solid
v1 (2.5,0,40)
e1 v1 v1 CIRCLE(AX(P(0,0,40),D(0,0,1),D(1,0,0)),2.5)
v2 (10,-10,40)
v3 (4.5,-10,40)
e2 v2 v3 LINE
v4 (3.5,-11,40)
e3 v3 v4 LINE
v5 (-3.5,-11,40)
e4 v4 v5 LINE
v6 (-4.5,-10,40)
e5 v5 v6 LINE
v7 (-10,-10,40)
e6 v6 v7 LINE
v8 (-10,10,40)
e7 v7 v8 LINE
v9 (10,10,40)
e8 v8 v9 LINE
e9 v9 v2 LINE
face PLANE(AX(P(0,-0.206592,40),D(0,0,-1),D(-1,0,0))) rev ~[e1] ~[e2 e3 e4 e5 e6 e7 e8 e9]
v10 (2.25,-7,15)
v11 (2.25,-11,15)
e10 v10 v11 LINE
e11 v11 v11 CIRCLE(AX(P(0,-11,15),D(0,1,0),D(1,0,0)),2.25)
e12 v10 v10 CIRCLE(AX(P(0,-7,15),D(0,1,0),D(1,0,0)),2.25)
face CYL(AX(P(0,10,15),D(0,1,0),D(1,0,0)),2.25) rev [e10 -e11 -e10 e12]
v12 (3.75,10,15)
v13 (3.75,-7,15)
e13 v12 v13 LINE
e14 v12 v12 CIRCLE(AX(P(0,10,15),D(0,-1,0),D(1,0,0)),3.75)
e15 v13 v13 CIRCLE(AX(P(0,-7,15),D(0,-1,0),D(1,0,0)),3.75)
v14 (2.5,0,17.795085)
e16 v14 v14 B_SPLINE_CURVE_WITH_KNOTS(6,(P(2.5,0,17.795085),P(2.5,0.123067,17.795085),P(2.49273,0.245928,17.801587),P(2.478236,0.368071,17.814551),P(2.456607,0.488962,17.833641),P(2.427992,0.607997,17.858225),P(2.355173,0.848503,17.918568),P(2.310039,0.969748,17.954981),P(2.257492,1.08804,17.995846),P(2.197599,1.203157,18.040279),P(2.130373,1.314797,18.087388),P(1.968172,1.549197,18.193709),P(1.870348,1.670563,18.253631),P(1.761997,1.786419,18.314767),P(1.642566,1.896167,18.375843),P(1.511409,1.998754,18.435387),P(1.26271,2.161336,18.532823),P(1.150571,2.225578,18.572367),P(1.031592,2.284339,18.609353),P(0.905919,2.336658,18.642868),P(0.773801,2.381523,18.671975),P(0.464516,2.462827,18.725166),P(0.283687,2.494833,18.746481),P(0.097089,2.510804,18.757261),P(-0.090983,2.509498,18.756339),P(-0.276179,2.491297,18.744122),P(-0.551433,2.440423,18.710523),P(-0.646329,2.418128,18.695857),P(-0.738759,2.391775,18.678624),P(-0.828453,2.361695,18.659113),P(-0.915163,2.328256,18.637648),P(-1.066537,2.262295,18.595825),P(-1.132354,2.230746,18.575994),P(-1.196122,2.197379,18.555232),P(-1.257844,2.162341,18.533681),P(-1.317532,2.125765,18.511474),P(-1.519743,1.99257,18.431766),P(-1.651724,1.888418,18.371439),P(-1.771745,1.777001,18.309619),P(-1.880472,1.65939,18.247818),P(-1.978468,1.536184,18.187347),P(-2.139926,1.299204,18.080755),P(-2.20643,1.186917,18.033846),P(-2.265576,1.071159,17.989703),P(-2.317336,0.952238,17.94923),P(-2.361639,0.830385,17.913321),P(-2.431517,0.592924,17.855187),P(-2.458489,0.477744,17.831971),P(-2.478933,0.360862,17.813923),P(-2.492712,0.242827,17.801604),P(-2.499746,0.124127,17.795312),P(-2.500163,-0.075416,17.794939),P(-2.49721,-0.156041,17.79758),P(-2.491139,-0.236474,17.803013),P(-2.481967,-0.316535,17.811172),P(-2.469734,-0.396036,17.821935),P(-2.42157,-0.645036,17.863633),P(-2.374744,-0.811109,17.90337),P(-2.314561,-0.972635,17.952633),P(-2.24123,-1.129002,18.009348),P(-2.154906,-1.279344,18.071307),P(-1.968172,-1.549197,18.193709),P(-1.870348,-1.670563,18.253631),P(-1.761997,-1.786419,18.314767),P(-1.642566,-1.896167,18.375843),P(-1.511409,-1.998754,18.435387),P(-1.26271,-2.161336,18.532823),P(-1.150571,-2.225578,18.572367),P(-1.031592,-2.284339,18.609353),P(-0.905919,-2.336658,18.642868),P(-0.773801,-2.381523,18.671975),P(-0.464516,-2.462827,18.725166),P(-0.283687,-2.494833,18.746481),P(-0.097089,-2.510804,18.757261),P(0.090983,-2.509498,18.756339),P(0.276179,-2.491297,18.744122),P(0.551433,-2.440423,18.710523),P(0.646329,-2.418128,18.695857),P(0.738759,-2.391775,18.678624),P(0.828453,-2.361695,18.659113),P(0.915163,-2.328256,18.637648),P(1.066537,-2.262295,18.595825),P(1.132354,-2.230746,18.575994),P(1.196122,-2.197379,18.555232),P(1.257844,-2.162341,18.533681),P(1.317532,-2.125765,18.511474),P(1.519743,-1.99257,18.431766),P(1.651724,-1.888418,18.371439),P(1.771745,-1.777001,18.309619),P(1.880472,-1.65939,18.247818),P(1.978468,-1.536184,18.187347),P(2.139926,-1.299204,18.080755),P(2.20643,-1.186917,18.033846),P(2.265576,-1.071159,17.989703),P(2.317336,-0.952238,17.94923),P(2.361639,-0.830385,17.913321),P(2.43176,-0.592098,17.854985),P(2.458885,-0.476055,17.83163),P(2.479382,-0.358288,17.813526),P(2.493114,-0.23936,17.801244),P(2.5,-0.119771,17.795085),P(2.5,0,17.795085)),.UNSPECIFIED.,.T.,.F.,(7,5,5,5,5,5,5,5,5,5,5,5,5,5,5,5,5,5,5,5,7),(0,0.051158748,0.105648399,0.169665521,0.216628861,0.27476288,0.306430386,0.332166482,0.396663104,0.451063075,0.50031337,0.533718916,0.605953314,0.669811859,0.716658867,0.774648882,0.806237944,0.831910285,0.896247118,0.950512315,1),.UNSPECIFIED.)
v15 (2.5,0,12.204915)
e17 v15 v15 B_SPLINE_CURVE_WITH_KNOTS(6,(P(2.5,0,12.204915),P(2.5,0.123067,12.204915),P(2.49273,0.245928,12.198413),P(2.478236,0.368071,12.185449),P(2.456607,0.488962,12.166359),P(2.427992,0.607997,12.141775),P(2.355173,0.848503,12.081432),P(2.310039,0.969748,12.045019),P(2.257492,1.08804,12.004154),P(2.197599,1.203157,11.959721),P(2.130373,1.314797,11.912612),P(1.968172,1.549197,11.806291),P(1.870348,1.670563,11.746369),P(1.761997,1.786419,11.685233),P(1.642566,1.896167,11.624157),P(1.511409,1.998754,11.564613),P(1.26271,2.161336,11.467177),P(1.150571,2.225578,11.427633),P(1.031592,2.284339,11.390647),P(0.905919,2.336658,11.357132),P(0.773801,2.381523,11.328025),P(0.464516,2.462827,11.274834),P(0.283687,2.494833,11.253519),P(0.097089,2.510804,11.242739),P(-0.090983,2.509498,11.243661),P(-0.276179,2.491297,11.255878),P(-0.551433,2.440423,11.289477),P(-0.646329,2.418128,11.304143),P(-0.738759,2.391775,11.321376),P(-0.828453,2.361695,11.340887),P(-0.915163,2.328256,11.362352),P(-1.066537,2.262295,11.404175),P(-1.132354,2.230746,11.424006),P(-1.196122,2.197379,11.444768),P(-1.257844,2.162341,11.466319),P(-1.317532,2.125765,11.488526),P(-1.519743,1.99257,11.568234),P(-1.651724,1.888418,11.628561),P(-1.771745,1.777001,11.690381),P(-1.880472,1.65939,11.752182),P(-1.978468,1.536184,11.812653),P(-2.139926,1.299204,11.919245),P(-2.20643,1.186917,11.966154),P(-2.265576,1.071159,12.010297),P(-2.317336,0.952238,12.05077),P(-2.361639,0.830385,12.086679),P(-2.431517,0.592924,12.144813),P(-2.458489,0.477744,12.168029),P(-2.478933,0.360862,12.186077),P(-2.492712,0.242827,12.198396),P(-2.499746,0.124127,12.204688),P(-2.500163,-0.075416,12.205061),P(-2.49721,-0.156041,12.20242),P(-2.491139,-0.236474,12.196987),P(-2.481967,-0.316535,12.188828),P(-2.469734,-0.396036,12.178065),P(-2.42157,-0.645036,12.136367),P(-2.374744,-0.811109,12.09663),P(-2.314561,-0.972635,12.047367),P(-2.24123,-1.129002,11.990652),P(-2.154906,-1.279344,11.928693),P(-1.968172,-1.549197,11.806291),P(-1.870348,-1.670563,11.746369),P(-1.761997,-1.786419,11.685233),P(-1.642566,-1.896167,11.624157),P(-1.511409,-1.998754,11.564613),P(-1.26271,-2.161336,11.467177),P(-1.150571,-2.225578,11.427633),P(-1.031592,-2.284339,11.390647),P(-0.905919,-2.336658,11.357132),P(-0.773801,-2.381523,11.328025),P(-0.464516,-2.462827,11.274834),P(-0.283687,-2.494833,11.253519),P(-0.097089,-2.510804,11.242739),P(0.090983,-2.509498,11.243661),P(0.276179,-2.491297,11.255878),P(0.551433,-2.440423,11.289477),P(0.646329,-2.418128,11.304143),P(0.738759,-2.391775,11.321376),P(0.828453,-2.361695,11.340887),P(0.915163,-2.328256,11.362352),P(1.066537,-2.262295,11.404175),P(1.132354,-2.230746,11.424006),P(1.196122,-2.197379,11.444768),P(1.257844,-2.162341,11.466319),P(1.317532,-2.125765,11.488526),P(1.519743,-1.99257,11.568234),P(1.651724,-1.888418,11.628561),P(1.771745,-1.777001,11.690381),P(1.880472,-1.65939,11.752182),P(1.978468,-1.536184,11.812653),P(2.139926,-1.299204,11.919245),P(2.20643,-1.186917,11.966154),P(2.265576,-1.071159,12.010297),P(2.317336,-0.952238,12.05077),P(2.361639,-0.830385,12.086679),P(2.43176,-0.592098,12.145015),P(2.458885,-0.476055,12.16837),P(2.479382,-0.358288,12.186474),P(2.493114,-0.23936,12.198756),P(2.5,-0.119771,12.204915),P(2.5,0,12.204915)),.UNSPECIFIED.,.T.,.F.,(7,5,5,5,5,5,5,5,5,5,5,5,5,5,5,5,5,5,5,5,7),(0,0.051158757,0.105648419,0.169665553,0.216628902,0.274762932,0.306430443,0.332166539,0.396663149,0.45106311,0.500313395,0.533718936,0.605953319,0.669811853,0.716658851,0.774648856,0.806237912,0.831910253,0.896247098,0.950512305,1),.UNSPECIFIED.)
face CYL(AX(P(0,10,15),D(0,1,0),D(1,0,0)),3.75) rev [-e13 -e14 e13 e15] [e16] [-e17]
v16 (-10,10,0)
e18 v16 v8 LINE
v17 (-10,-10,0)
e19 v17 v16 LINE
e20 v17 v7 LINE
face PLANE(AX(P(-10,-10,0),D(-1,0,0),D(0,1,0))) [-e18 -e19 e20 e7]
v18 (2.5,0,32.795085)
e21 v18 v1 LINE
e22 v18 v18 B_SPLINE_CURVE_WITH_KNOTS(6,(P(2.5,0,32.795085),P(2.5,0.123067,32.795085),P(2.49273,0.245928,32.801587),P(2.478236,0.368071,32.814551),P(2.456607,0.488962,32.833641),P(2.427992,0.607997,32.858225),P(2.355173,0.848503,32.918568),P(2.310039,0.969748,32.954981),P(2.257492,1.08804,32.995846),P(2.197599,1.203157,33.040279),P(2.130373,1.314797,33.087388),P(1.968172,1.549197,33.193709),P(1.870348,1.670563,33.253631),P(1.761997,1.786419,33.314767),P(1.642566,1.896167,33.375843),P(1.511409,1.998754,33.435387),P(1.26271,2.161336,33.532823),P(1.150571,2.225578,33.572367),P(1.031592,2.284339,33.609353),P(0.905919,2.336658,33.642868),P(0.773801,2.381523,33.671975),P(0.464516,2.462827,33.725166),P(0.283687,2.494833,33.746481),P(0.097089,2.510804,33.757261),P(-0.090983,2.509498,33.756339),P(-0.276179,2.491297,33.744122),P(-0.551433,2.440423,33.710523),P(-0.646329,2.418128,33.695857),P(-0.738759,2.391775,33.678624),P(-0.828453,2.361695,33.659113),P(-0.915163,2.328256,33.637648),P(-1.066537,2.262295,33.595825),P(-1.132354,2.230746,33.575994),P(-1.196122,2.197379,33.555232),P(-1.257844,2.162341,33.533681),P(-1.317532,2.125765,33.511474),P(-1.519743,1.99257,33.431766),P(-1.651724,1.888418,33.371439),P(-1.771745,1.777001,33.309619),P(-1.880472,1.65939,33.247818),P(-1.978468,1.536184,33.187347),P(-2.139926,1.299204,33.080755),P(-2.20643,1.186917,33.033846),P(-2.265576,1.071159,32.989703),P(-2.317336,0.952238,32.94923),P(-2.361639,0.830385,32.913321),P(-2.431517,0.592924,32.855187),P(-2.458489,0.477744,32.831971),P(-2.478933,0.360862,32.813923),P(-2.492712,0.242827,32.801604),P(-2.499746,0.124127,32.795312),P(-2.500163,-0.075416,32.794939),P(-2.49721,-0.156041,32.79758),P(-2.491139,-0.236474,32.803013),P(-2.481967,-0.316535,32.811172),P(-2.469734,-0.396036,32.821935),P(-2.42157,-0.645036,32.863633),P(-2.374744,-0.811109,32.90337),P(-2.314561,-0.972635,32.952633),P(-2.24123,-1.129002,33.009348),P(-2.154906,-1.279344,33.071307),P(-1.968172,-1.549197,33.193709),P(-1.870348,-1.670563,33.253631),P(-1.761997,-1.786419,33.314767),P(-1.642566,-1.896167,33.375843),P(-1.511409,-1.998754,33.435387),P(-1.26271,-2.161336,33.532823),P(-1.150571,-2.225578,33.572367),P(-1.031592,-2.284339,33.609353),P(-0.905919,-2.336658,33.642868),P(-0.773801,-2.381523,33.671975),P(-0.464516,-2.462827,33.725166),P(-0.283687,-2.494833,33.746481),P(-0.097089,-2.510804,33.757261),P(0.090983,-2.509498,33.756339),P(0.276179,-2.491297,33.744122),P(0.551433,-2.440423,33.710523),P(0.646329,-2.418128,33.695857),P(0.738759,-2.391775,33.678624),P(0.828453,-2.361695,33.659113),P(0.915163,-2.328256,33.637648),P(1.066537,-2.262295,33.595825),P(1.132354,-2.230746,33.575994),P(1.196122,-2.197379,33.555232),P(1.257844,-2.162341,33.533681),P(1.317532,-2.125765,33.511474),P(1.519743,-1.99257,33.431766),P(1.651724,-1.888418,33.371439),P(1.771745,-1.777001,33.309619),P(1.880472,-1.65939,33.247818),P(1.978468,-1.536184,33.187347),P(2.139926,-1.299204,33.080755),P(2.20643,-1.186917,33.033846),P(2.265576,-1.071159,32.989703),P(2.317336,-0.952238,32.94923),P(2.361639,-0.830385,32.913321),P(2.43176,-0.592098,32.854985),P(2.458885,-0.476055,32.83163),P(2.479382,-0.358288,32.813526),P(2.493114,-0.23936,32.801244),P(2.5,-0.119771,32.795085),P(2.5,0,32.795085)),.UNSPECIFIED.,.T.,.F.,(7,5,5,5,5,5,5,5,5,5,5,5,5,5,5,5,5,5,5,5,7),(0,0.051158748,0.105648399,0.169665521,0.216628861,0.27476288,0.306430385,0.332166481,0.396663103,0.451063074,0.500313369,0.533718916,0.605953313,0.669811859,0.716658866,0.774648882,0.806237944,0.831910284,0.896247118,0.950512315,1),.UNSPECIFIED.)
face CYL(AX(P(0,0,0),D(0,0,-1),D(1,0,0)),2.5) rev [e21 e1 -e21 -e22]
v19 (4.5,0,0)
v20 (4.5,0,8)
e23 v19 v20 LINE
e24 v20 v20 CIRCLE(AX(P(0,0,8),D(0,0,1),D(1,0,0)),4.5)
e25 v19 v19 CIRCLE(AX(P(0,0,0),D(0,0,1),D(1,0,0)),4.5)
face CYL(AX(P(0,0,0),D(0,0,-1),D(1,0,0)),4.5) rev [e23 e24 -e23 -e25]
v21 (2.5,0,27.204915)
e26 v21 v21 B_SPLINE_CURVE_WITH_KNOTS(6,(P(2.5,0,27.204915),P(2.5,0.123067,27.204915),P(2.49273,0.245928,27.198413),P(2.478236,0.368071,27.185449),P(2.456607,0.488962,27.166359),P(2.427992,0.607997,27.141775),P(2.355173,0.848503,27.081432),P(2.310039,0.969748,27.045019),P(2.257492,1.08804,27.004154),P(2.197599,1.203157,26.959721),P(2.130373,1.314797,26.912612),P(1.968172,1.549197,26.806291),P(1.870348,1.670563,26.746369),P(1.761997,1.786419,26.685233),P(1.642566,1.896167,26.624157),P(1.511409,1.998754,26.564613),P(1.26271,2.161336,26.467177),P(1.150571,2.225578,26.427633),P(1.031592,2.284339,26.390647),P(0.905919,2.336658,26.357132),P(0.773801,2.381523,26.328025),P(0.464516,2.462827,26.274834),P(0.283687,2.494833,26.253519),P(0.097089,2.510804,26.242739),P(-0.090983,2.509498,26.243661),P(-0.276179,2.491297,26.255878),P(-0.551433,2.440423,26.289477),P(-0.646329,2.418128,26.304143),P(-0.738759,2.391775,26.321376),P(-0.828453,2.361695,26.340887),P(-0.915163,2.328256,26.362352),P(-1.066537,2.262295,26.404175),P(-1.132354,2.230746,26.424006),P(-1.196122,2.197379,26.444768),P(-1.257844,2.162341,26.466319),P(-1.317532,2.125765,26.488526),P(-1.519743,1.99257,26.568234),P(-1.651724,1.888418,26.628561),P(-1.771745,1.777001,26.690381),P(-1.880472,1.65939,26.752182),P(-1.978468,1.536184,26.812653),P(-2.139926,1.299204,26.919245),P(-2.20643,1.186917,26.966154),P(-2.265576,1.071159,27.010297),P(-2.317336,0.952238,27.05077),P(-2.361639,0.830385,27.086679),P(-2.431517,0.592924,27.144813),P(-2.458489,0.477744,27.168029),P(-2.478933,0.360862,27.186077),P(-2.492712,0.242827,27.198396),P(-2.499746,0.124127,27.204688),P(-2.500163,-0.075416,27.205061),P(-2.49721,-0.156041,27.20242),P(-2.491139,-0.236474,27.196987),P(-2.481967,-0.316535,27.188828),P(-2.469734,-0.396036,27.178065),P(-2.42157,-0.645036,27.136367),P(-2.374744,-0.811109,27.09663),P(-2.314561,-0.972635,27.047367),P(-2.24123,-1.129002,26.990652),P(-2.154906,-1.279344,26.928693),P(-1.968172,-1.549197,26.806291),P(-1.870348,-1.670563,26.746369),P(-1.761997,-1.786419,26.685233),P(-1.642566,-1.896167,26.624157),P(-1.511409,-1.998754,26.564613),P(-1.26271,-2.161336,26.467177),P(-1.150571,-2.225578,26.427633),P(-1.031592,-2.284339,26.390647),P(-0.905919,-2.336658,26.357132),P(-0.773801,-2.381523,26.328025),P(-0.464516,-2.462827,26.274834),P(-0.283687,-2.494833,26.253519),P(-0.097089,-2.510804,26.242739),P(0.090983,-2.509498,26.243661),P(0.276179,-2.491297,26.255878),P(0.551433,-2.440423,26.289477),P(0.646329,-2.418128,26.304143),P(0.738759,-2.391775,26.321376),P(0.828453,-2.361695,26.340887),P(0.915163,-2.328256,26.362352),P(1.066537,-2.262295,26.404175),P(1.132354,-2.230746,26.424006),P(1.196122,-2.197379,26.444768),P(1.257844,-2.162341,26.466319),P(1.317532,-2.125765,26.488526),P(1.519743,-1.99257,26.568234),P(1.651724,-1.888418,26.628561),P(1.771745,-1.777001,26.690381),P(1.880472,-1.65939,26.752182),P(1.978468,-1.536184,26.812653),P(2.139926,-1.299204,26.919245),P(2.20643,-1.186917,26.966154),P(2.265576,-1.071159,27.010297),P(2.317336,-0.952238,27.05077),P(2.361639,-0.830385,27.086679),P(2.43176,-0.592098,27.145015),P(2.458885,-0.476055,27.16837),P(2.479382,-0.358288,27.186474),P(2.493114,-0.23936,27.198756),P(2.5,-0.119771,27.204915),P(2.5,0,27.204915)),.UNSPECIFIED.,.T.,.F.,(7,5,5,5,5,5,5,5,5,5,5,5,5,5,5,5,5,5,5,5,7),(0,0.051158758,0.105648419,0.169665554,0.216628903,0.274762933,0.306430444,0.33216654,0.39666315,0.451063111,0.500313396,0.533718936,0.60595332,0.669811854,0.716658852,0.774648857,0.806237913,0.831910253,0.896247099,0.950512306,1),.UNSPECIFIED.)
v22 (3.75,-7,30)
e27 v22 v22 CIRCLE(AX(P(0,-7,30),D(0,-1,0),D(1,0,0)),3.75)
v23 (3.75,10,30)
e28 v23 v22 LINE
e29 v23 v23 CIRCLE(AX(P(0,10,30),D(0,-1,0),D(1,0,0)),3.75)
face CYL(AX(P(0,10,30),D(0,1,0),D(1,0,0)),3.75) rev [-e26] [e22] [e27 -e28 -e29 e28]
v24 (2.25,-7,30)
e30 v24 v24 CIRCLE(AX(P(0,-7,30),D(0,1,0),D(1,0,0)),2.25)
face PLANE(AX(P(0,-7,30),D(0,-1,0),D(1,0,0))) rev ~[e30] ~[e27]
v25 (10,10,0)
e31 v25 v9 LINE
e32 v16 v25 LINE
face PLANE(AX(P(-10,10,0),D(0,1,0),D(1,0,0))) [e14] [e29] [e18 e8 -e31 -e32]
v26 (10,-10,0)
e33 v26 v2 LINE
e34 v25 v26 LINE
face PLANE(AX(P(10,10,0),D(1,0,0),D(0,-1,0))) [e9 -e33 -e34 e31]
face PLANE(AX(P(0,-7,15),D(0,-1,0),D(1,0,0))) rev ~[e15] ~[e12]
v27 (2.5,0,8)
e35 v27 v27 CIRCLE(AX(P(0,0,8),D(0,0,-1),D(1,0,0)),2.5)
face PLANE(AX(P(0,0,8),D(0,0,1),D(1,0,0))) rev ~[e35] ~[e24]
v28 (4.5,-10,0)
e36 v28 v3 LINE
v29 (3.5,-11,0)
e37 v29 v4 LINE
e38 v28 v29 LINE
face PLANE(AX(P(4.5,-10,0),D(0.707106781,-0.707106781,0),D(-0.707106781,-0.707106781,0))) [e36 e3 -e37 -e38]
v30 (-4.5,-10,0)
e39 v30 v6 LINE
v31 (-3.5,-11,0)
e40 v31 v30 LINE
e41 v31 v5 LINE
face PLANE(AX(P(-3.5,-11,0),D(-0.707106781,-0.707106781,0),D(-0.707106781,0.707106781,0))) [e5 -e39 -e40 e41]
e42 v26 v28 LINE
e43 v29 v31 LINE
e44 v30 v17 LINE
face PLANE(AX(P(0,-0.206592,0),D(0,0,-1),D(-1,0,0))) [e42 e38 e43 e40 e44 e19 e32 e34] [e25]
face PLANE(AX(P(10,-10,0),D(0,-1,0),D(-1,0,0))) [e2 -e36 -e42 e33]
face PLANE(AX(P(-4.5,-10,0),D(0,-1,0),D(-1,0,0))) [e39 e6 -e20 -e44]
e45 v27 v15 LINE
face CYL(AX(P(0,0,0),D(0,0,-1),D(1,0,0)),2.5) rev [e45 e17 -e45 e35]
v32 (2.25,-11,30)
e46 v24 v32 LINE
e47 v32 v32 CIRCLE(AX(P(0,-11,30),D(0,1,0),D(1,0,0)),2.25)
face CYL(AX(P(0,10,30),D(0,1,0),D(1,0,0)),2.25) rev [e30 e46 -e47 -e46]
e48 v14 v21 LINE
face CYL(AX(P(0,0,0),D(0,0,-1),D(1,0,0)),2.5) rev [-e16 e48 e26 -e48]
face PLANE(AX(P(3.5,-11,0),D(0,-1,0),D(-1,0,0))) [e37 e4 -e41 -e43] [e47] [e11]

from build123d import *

# Parameters (mm, degrees)
PAD_DEPTH       = 40
SKETCH001_R     = 2.5
POCKET_DEPTH    = 40
SKETCH002_R     = 4.5
POCKET001_DEPTH = 8
SKETCH003_R     = 2.25
POCKET002_DEPTH = 22
SKETCH004_R     = 3.75
POCKET003_DEPTH = 17


with BuildPart() as part:
    # Sketch → Pad (new body)
    with BuildSketch(Plane.XY):
        Polygon((-10, -10), (-10, 10), (10, 10), (10, -10), (4.5, -10), (3.5, -11), (-3.5, -11), (-4.5, -10), align=None)
    extrude(amount=PAD_DEPTH)

    # Sketch001 → Pocket (cut)
    with BuildSketch(Plane.XY):
        Circle(SKETCH001_R)
    extrude(amount=POCKET_DEPTH, mode=Mode.SUBTRACT)

    # Sketch002 → Pocket001 (cut)
    with BuildSketch(Plane.XY):
        Circle(SKETCH002_R)
    extrude(amount=POCKET001_DEPTH, mode=Mode.SUBTRACT)

    # Sketch003 (on DatumPlane) → Pocket002 (cut)
    with BuildSketch(Plane.XZ.offset(-10)):
        with Locations((0, 15)):
            Circle(SKETCH003_R)
        with Locations((0, 30)):
            Circle(SKETCH003_R)
    extrude(amount=POCKET002_DEPTH, mode=Mode.SUBTRACT)

    # Sketch004 (on DatumPlane) → Pocket003 (cut)
    with BuildSketch(Plane.XZ.offset(-10)):
        with Locations((0, 30)):
            Circle(SKETCH004_R)
        with Locations((0, 15)):
            Circle(SKETCH004_R)
    extrude(amount=POCKET003_DEPTH, mode=Mode.SUBTRACT)


solid = part.part
